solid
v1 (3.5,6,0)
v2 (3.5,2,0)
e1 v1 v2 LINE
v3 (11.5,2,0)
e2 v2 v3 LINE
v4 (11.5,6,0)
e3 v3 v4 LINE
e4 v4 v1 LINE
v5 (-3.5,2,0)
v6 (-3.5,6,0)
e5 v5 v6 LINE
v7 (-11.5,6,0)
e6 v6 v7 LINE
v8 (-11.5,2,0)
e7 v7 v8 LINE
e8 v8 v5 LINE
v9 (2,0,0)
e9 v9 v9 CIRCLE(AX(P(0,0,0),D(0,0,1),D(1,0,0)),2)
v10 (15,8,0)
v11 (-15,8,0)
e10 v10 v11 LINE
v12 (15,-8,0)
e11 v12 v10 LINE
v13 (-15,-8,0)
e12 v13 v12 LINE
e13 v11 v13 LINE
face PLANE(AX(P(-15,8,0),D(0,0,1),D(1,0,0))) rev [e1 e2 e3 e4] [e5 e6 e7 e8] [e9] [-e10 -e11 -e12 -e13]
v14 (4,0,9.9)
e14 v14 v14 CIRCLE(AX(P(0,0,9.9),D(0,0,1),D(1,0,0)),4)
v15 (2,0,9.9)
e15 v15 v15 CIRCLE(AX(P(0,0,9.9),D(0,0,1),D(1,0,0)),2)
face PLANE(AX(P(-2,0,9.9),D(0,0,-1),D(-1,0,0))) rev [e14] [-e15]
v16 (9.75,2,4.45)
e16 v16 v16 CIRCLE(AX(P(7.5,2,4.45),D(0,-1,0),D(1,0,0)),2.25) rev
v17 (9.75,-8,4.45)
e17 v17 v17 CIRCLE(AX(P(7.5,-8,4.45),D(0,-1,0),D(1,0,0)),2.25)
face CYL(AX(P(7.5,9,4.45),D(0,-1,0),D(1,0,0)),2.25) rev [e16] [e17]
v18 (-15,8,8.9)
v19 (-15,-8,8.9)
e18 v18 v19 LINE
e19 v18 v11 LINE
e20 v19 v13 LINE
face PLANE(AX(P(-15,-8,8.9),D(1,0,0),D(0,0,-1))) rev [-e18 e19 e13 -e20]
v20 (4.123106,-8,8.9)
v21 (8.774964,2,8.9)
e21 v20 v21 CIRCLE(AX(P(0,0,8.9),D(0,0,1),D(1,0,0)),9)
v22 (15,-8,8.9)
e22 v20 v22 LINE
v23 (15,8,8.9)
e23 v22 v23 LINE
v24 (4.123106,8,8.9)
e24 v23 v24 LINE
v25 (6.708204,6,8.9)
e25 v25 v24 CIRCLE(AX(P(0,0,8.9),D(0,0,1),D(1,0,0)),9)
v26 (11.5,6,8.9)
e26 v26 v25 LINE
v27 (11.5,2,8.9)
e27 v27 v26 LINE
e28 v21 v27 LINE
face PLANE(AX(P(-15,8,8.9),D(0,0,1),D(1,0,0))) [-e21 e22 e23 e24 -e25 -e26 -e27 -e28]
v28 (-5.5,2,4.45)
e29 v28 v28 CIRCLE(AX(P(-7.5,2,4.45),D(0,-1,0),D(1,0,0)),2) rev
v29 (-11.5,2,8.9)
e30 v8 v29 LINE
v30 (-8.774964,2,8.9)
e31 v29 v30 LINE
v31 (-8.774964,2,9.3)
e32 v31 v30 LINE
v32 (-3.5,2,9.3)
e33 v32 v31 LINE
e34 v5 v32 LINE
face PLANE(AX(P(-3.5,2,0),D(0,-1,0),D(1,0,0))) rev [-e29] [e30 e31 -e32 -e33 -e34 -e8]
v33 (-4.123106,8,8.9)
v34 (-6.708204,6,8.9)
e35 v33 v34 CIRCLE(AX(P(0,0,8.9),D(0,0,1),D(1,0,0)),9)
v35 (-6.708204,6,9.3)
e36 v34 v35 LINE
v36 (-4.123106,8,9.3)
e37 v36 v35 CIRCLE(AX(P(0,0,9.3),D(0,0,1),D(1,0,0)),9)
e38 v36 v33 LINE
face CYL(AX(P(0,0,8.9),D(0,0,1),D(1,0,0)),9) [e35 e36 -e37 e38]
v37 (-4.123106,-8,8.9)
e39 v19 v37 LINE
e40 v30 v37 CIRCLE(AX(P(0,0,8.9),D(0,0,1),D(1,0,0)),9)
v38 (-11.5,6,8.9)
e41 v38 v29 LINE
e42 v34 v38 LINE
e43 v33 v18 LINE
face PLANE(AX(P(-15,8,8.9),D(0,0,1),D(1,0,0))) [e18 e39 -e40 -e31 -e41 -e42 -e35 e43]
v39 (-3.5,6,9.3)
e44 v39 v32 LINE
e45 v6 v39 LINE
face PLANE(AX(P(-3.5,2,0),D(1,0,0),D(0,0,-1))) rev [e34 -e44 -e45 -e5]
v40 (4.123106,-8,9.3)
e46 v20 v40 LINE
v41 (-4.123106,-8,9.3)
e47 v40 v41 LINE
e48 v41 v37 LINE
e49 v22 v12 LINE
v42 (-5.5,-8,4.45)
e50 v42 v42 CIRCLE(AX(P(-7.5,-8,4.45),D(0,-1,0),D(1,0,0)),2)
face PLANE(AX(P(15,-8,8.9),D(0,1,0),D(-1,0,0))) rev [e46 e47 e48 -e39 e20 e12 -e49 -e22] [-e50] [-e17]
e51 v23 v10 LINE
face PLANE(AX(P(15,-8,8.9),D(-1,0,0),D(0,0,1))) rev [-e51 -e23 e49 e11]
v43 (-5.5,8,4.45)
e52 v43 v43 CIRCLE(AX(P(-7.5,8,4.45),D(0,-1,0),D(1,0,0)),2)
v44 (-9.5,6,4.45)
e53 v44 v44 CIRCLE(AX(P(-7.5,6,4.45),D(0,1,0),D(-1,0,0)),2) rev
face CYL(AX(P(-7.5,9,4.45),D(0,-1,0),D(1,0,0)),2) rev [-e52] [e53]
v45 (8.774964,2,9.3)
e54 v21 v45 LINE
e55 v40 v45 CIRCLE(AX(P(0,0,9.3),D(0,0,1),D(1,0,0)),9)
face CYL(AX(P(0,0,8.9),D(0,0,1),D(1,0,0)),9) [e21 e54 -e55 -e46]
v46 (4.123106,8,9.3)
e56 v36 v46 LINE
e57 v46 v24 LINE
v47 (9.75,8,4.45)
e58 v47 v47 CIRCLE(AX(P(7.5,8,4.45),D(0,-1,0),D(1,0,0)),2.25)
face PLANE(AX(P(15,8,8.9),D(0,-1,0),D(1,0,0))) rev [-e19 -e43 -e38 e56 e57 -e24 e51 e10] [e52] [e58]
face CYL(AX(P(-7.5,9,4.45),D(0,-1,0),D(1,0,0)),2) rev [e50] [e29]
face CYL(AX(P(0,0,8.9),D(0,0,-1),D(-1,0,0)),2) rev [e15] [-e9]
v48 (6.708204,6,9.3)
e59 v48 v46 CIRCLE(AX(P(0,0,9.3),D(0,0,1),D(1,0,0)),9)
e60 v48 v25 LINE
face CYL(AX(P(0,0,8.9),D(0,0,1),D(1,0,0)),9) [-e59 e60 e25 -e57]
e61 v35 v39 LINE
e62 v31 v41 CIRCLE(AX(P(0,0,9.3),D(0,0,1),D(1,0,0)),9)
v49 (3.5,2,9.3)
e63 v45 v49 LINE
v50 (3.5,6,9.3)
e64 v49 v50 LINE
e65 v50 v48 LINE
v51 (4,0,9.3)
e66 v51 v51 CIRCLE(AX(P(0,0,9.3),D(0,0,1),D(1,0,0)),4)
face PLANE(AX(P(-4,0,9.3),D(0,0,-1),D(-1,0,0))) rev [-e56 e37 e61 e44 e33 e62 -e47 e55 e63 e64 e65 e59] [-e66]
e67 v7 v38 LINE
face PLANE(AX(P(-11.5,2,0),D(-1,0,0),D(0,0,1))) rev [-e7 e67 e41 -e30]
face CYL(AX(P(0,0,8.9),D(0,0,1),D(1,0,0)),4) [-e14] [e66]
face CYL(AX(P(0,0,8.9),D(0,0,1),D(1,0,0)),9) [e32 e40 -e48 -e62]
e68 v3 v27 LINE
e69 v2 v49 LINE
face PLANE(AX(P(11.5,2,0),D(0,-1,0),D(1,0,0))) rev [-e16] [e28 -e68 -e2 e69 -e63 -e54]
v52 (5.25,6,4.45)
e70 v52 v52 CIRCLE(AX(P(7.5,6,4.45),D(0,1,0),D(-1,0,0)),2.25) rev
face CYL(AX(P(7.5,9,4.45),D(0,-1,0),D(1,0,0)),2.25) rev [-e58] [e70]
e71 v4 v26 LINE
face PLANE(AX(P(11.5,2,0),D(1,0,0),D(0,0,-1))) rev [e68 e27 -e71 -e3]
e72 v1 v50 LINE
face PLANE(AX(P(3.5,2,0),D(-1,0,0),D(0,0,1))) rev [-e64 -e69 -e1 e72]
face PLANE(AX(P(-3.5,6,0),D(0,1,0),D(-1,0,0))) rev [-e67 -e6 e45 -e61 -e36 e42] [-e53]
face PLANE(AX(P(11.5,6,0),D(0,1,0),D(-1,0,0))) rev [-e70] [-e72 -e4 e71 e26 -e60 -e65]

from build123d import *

# Parameters (mm, degrees)
SKETCH_1_W               = 30
SKETCH_1_H               = 16
SKETCH_1_R               = 2
EXTRUDE_1_DEPTH          = 8.9
SKETCH_2_R               = 2
SKETCH_2_R_2             = 2.25
CUT_EXTRUDE_1_DEPTH      = 18
SKETCH_3_W               = 8
SKETCH_3_H               = 4
CUT_EXTRUDE_2_DEPTH      = 2
CUT_EXTRUDE_2_DEPTH_BACK = 9.9
CUT_EXTRUDE_4_DEPTH      = 10.9


with BuildPart() as part:
    # Эскиз1 → Бобышка-Вытянуть1 (new body)
    with BuildSketch(Plane.XY):
        Rectangle(SKETCH_1_W, SKETCH_1_H)
        Circle(SKETCH_1_R, mode=Mode.SUBTRACT)
    extrude(amount=EXTRUDE_1_DEPTH)

    # Эскиз5 → Повернуть1 (revolve)
    with BuildSketch(Plane(origin=(0, 0, 0), x_dir=(-1, 0, 0), z_dir=(0, 1, 0))):
        Polygon((2, 8.9), (2, 9.9), (4, 9.9), (4, 9.3), (9, 9.3), (9, 8.9), align=None)
    revolve(axis=Axis((0, 0, 8.9), (0, 0, -1)))

    # Эскиз2 → Вырез-Вытянуть1 (cut, through all)
    with BuildSketch(Plane.XZ.offset(8)):
        with Locations((-7.5, 4.45)):
            Circle(SKETCH_2_R)
        with Locations((7.5, 4.45)):
            Circle(SKETCH_2_R_2)
    extrude(amount=-CUT_EXTRUDE_1_DEPTH, mode=Mode.SUBTRACT)

    # Эскиз3 → Вырез-Вытянуть2 (cut, two sides)
    with BuildSketch(Plane.XY.offset(8.9)) as cut_extrude_2_sk:
        with Locations((-7.5, 4)):
            Rectangle(SKETCH_3_W, SKETCH_3_H)
        with Locations((7.5, 4)):
            Rectangle(SKETCH_3_W, SKETCH_3_H)
    extrude(amount=CUT_EXTRUDE_2_DEPTH, mode=Mode.SUBTRACT)
    extrude(cut_extrude_2_sk.sketch, amount=-CUT_EXTRUDE_2_DEPTH_BACK, mode=Mode.SUBTRACT)

    # Эскиз7 → Вырез-Вытянуть4 (cut, through all)
    with BuildSketch(Plane(origin=(0, 0, 0), x_dir=(-1, 0, 0), z_dir=(0, 0, -1))):
        with BuildLine():
            Line((-4.123105626, 8), (4.123105626, 8))
            ThreePointArc((4.123105626, 8), (0, 9), (-4.123105626, 8))
        make_face()
        with BuildLine():
            ThreePointArc((-4.123105626, -8), (0, -9), (4.123105626, -8))
            Line((4.123105626, -8), (-4.123105626, -8))
        make_face()
    extrude(amount=-CUT_EXTRUDE_4_DEPTH, mode=Mode.SUBTRACT)


solid = part.part
